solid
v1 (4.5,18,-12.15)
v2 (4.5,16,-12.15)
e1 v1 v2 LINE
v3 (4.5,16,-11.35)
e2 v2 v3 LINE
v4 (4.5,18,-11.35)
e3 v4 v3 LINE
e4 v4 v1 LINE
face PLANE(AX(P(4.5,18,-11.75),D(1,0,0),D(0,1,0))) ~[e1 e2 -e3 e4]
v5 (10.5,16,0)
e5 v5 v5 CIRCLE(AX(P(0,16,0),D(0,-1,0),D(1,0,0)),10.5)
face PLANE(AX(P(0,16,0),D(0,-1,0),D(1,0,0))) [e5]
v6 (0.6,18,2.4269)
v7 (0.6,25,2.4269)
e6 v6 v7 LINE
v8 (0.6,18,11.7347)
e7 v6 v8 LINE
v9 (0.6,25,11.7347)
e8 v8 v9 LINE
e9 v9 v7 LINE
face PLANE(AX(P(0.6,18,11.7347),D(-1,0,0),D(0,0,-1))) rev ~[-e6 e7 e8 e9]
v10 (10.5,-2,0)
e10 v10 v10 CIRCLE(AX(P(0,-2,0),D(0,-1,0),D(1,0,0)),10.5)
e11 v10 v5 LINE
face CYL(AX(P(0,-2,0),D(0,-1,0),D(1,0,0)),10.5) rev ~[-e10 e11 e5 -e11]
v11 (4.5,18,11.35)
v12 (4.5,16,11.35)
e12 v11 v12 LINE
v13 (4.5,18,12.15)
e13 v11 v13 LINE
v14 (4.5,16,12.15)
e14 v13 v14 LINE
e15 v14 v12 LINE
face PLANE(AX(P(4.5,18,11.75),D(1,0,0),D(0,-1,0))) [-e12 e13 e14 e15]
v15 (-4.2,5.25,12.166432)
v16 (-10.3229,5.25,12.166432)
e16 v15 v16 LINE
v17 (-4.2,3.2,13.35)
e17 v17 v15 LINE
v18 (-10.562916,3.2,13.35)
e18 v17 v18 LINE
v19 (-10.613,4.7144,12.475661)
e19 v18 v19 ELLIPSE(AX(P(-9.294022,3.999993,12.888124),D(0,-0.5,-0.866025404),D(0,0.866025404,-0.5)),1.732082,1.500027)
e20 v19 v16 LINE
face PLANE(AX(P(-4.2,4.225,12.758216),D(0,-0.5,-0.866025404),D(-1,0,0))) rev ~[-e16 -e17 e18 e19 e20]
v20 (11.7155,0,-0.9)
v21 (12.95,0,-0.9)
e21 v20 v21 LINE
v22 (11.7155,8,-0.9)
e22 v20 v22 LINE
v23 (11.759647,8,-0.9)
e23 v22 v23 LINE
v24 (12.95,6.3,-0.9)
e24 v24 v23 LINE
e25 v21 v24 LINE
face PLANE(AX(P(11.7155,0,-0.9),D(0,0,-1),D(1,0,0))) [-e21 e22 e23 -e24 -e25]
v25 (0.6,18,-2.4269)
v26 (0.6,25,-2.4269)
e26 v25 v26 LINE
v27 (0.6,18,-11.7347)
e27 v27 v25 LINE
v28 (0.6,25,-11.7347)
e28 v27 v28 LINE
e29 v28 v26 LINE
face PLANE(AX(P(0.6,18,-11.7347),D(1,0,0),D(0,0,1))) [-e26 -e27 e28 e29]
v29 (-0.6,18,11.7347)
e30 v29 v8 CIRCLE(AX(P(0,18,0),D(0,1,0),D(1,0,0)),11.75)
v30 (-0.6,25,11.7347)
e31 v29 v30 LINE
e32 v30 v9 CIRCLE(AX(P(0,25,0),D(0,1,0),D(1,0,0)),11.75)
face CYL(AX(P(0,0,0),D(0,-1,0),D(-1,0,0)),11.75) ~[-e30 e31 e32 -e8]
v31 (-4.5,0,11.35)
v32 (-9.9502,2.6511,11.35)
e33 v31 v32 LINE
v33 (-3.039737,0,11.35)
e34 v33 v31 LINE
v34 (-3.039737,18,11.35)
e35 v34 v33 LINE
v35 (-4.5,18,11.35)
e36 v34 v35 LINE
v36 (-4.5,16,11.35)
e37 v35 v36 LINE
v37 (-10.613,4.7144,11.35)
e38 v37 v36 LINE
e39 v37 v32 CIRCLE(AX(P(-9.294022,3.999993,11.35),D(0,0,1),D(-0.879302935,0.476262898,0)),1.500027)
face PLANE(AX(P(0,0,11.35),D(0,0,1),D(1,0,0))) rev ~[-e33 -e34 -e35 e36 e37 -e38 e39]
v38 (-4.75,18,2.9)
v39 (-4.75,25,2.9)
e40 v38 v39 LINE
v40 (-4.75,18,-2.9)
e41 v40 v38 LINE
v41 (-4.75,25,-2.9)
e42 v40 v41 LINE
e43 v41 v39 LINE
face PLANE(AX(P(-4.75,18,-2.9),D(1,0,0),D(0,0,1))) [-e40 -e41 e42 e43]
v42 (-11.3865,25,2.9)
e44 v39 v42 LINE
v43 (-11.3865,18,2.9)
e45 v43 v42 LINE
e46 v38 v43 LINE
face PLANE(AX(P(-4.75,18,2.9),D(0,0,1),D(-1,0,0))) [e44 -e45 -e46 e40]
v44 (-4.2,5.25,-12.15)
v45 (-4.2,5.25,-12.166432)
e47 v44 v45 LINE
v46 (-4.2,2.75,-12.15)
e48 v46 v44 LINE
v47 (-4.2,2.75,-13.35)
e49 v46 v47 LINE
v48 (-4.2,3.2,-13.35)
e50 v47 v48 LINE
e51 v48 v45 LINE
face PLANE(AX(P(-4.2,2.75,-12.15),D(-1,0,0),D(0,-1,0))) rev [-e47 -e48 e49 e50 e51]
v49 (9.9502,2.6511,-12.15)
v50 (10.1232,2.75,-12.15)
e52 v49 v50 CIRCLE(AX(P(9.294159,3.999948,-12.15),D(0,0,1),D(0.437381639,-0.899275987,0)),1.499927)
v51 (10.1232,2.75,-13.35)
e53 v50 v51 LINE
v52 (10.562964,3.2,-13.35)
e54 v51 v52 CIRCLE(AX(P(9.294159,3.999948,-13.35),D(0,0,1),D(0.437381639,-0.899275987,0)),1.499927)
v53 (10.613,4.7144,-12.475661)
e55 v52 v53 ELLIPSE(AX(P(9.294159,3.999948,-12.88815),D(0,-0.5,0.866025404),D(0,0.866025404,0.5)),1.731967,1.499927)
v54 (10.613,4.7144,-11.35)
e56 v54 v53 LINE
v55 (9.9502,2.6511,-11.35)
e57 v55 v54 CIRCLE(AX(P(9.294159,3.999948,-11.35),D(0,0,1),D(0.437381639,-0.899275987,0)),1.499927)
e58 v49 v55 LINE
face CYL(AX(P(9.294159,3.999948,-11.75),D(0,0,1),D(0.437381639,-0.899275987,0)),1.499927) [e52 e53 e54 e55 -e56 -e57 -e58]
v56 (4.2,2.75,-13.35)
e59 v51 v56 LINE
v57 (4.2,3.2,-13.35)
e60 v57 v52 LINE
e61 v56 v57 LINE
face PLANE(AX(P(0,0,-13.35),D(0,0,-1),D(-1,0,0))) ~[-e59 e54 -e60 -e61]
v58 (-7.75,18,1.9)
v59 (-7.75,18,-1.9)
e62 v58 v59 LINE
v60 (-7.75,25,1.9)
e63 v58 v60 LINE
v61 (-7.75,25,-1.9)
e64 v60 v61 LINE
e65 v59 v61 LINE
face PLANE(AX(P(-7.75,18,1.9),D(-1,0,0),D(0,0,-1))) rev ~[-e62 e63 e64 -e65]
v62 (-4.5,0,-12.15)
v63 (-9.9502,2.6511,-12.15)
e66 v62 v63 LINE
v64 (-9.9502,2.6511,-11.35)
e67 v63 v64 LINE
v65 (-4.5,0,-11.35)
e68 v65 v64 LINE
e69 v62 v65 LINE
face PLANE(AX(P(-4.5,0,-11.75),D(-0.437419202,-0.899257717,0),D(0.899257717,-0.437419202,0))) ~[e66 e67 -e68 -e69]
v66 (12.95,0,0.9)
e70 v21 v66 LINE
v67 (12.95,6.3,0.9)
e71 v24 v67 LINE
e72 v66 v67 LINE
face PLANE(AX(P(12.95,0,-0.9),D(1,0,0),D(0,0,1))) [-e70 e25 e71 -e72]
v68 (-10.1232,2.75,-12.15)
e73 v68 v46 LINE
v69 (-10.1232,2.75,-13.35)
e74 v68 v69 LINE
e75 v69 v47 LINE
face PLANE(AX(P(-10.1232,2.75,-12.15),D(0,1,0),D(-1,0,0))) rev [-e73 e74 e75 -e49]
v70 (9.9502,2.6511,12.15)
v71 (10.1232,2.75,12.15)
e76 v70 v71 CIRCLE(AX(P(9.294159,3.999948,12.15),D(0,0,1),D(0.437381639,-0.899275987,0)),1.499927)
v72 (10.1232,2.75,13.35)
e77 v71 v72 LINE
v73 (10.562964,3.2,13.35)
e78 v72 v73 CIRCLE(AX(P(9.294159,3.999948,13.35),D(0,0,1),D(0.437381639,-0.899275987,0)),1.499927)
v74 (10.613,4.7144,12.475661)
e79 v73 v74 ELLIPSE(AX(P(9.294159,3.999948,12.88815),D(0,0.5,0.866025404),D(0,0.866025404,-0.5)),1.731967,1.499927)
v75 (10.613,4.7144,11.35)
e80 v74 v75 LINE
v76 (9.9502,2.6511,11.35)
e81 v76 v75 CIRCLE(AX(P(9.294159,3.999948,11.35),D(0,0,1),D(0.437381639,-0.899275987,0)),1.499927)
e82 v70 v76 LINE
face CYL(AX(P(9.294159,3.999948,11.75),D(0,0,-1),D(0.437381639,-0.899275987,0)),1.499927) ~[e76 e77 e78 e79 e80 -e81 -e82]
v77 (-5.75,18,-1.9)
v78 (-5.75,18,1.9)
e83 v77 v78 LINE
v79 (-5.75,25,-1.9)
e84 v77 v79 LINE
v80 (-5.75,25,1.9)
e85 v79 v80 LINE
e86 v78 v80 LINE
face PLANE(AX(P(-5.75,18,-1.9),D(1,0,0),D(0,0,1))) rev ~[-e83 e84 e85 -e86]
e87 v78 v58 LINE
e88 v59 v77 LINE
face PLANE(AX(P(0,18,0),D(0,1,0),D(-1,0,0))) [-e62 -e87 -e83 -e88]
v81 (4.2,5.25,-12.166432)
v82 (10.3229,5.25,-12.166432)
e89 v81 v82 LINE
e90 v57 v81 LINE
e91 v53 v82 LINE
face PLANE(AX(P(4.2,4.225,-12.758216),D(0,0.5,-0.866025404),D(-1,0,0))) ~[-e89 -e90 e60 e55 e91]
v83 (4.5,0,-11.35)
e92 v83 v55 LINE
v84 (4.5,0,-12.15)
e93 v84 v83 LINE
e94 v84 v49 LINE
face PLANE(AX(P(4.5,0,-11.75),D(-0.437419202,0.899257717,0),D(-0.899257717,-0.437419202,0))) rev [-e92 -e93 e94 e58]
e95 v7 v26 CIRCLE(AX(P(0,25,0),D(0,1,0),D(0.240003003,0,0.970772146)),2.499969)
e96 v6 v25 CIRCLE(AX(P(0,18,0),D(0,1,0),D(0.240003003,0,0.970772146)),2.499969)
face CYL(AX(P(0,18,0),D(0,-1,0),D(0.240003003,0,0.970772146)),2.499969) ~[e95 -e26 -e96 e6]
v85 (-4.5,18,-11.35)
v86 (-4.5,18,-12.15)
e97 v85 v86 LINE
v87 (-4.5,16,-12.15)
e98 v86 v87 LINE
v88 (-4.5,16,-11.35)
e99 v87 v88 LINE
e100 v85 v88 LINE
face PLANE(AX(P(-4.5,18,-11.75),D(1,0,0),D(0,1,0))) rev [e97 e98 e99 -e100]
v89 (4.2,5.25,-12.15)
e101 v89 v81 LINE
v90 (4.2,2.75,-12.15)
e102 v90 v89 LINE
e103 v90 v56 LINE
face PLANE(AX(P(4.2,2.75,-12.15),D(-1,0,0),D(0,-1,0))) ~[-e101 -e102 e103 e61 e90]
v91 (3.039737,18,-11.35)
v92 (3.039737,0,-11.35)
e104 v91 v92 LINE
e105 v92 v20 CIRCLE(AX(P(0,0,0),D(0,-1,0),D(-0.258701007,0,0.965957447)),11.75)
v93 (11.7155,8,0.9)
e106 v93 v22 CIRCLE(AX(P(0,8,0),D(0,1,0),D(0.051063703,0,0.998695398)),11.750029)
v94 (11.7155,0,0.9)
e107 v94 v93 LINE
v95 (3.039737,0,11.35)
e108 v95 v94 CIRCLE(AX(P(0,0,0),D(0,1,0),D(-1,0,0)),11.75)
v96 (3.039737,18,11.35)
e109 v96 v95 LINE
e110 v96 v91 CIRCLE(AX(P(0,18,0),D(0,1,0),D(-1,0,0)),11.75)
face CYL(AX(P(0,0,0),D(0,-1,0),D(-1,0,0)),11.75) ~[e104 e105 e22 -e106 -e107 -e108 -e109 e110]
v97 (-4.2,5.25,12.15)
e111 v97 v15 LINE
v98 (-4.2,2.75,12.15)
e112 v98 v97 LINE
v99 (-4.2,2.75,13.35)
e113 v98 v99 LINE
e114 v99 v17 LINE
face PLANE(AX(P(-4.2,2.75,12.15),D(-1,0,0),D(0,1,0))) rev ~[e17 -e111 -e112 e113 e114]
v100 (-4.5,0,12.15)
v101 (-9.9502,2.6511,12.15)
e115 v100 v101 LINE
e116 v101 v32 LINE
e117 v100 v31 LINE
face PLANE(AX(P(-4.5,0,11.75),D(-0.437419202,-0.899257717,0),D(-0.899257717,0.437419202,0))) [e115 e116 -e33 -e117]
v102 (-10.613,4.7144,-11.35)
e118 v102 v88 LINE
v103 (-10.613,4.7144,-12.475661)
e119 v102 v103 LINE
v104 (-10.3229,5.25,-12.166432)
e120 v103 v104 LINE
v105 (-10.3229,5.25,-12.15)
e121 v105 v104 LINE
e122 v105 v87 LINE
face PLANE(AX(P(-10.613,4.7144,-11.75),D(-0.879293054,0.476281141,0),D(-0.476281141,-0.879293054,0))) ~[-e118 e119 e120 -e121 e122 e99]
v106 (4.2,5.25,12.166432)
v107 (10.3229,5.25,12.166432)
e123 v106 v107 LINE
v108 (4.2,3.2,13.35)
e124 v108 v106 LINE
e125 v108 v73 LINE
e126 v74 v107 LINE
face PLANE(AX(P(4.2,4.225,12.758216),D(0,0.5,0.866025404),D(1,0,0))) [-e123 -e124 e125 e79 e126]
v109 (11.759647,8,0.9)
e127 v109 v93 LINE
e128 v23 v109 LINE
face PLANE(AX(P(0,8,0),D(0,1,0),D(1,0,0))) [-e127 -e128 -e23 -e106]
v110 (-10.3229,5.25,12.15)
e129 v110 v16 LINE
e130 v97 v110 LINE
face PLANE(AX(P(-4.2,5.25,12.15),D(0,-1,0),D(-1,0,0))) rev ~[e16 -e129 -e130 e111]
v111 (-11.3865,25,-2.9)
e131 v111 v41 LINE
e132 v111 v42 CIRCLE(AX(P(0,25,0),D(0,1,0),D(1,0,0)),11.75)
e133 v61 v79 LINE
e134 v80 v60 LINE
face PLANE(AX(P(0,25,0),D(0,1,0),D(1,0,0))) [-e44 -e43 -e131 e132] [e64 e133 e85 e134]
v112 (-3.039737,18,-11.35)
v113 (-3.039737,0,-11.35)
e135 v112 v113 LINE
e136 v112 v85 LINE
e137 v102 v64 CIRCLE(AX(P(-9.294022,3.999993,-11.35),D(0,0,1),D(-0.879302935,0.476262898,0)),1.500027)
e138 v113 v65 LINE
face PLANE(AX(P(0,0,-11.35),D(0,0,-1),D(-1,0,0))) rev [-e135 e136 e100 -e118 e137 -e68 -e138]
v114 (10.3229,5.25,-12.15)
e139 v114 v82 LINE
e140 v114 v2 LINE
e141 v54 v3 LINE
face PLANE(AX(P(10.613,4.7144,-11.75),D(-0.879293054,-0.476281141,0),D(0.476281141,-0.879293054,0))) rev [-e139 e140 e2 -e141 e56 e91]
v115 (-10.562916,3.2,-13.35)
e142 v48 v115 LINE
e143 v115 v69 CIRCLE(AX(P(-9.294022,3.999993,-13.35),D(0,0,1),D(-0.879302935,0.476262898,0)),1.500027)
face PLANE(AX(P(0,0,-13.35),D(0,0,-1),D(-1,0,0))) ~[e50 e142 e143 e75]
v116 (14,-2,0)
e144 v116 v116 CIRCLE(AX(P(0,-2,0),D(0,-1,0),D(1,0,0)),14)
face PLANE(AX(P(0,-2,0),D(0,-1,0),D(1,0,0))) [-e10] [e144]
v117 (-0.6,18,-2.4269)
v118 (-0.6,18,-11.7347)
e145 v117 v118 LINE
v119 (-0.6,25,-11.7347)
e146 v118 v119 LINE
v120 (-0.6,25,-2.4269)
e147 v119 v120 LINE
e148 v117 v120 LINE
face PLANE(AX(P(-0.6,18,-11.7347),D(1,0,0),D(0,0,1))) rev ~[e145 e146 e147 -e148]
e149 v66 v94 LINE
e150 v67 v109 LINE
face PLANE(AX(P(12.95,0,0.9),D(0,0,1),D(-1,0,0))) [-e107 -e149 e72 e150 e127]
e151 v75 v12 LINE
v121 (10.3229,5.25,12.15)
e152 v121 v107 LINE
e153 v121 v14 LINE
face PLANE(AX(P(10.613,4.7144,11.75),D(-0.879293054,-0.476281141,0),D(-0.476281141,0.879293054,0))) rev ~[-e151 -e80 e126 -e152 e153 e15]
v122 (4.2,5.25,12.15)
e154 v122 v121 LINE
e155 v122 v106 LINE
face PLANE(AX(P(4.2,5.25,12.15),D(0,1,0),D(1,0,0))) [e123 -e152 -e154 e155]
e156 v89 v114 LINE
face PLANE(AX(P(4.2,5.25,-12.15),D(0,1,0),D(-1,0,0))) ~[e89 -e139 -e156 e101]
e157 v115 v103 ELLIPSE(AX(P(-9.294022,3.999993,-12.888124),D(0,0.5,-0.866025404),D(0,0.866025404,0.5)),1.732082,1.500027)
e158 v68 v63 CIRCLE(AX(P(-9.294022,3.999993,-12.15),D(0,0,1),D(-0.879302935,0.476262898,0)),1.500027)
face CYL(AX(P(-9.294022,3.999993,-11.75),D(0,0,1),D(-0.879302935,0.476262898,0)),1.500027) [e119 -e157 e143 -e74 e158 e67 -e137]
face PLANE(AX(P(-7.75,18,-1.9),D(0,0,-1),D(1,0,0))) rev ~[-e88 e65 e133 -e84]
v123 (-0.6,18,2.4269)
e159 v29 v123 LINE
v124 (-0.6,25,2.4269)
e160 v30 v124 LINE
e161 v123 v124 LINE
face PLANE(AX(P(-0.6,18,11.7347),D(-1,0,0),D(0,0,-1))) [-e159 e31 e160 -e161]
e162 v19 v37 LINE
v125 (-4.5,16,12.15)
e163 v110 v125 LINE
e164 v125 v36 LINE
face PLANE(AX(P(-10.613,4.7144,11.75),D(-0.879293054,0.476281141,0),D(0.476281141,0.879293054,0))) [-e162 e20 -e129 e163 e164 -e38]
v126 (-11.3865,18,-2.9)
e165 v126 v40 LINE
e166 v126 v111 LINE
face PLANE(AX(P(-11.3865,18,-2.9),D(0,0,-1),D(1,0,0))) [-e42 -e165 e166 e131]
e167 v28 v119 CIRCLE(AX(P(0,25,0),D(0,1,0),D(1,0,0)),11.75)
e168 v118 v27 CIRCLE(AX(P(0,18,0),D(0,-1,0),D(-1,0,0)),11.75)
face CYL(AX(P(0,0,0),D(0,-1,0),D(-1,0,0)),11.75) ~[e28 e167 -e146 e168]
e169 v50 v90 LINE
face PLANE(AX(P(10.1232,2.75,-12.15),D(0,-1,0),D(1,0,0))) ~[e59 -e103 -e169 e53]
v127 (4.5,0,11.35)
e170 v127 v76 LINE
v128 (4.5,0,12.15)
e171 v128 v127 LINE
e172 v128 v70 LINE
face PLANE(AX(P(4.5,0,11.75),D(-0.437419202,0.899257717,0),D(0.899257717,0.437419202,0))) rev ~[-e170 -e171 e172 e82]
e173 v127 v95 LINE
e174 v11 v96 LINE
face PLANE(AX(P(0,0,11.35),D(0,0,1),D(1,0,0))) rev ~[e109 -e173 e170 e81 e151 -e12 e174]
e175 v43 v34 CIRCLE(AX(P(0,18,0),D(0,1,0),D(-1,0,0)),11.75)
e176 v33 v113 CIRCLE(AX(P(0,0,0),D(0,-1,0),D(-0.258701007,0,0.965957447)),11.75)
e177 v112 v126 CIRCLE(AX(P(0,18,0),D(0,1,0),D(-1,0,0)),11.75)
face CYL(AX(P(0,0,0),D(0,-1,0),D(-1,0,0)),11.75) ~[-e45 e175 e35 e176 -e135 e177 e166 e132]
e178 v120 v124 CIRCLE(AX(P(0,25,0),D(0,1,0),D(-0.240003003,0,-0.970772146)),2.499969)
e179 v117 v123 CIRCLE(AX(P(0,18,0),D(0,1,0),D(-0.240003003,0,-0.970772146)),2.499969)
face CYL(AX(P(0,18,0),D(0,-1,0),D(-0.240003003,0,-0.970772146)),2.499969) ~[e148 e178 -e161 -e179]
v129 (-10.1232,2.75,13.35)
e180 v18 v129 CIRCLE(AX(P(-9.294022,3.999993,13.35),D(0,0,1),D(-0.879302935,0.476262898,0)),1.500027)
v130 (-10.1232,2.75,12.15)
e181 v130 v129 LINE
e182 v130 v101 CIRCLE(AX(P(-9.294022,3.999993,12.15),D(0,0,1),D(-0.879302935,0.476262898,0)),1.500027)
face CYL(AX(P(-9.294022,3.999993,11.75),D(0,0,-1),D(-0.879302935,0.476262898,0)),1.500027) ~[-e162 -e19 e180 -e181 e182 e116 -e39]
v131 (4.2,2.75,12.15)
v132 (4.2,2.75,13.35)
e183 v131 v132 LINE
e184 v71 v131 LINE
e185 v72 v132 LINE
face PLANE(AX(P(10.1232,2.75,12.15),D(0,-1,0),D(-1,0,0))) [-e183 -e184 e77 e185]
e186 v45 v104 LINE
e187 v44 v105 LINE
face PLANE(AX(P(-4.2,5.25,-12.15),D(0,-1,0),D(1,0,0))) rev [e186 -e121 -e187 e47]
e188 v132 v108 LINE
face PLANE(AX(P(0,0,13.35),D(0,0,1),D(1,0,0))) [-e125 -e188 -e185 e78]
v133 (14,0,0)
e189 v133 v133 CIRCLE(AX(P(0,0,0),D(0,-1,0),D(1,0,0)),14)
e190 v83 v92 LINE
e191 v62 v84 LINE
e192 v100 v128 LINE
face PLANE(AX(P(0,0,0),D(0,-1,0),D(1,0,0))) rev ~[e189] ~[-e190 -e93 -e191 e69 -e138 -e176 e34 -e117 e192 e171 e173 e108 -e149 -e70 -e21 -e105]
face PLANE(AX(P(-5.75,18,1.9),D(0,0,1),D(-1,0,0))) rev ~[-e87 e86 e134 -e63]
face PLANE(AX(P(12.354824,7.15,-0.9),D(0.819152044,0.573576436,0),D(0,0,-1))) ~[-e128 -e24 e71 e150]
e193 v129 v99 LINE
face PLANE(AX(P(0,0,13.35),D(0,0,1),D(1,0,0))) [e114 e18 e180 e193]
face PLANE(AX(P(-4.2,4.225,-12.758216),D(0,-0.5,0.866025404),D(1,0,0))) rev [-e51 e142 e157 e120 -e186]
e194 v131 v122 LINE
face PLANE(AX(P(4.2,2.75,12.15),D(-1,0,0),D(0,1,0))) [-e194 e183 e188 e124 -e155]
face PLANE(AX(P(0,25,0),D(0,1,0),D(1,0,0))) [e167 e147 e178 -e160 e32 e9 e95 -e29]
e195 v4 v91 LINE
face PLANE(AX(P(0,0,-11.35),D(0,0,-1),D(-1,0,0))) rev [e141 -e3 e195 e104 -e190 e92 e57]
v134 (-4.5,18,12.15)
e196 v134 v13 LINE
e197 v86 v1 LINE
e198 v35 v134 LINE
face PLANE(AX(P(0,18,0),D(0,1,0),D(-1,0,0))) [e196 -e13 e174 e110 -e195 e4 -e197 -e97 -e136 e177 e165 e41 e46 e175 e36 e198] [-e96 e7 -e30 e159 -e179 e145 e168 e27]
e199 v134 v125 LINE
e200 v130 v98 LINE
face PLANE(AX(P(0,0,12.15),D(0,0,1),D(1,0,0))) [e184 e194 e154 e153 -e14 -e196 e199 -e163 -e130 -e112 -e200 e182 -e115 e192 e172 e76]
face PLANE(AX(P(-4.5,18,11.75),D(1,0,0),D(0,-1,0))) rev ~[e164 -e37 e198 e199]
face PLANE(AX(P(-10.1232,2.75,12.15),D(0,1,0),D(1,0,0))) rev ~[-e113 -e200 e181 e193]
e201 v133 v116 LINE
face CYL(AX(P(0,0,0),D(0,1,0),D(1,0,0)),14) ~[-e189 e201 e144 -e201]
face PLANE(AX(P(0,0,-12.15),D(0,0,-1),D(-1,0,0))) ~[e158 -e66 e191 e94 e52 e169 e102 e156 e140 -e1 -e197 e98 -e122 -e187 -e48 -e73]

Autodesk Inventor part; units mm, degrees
ref_plane "YZ Plane" through (0, 0, 0) normal (1, 0, 0) x (0, 1, 0)
ref_plane "XZ Plane" through (0, 0, 0) normal (0, 1, 0) x (-1, 0, 0)
sketch "Эскиз1" plane through (0, 0, 0) normal (0, 1, 0) x (-1, 0, 0)
  circle A0 centre (0, 0) radius 11.75
  dimension "d0" = 23.5
extrude "Выдавливание1" add sketch "Эскиз1" along normal blind 18
sketch "Эскиз2" plane through (0, 0, 0) normal (0, -1, 0) x (1, 0, 0)
  circle A0 centre (0, 0) radius 14
  dimension "d3" = 28
extrude "Выдавливание2" add sketch "Эскиз2" along normal blind 2
sketch "Эскиз3" plane through (0, 18, 0) normal (0, 1, 0) x (1, 0, 0)
  line L0 (0, 11.75) -> (0, -11.75) construction
  line L1 (-0.6, 11.7347) -> (-0.6, 2.4269)
  line L2 (0.6, 11.7347) -> (0.6, 2.4269)
  line L3 (-11.75, 0) -> (11.75, 0) construction
  line L4 (-0.6, -11.7347) -> (-0.6, -2.4269)
  line L5 (0.6, -11.7347) -> (0.6, -2.4269)
  arc A0 (-0.6, 2.4269) -> (-0.6, -2.4269) centre (0, 0) ccw
  arc A1 (0.6, -2.4269) -> (0.6, 2.4269) centre (0, 0) ccw
  circle A2 centre (0, 0) radius 11.75 projected
  line L6 (-11.3865, 2.9) -> (-4.75, 2.9)
  line L7 (-4.75, 2.9) -> (-4.75, -2.9)
  line L8 (-4.75, -2.9) -> (-11.3865, -2.9)
  line L9 (-7.75, 1.9) -> (-5.75, 1.9)
  line L10 (-5.75, 1.9) -> (-5.75, -1.9)
  line L11 (-5.75, -1.9) -> (-7.75, -1.9)
  line L12 (-7.75, -1.9) -> (-7.75, 1.9)
  dimension "d7" = 1.2
  dimension "d8" = 2.5
  dimension "d12" = 5.8
  dimension "d13" = 7
  dimension "d14" = 1
  dimension "d15" = 1
  dimension "d16" = 1
  dimension "d17" = 2
extrude "Выдавливание3" add sketch "Эскиз3" along normal blind 7 contours A2 L2 A1 L5 L4 A0 L1 | L6 L7 L8 A2
sketch "Эскиз4" plane through (0, -2, 0) normal (0, -1, 0) x (1, 0, 0)
  circle A0 centre (0, 0) radius 10.5
  dimension "d18" = 21
extrude "Выдавливание4" cut sketch "Эскиз4" against normal blind 18
sketch "Эскиз5" plane through (0, 0, 0) normal (0, 1, 0) x (1, 0, 0)
  arc A0 (0.6, -11.7347) -> (0.6, 11.7347) centre (0, 0) ccw projected
  line L0 (11.7155, 0.9) -> (12.95, 0.9)
  line L1 (12.95, 0.9) -> (12.95, -0.9)
  line L2 (12.95, -0.9) -> (11.7155, -0.9)
  line L3 (0, 0) -> (19.973, 0) construction
  point P0 (11.75, 0)
  point P1 (11.75, 0)
  dimension "d21" = 1.8
  dimension "d22" = 1.2
extrude "Выдавливание5" add sketch "Эскиз5" along normal blind 8
chamfer "Фаска1" distance 1.7 angle 35 1 edges at (12.95, 8, 0) measured on face at (12.95, 2.6667, -0.3)
ref_plane "РабПлоскость1" through (0, 0, 11.75) normal (0, 0, 1) x (1, 0, 0)
sketch "Эскиз7" plane through (0, 0, 11.75) normal (0, 0, 1) x (1, 0, 0)
  line L0 (11.75, 18) -> (0.6, 18) projected
  line L1 (-0.6, 18) -> (-11.3865, 18) projected
  line L2 (0, 18) -> (4.5, 18)
  line L3 (4.5, 18) -> (4.5, 16)
  line L4 (4.5, 0) -> (0, 0)
  line L5 (14, 0) -> (-14, 0) projected
  line L6 (0.6, 18) -> (-0.6, 18) construction
  line L7 (0, 18) -> (0, 0) construction
  line L8 (4.5, 0) -> (9.9502, 2.6511)
  line L9 (10.613, 4.7144) -> (4.5, 16)
  arc A0 (9.9502, 2.6511) -> (10.613, 4.7144) centre (9.2941, 4) ccw
  line L10 (0, 18) -> (-4.5, 18)
  line L11 (-4.5, 18) -> (-4.5, 16)
  line L12 (-4.5, 0) -> (0, 0)
  line L13 (-4.5, 0) -> (-9.9502, 2.6511)
  line L14 (-10.613, 4.7144) -> (-4.5, 16)
  arc A1 (-10.613, 4.7144) -> (-9.9502, 2.6511) centre (-9.2941, 4) ccw
  point P0 (11, 4)
  dimension "d30" = 9
  dimension "d31" = 4
  dimension "d32" = 22
  dimension "d33" = 1.5
  dimension "d34" = 2
  dimension "d35" = 154.061
extrude "Выдавливание6" add sketch "Эскиз7" along normal mid plane 0.8
mirror "Зеркальное отражение1" about plane through (0, 0, 0) normal (0, 0, 1) of "Выдавливание6"
sketch "Эскиз9" plane through (0, 0, 12.15) normal (0, 0, 1) x (1, 0, 0)
  line L0 (4.5, 0) -> (-4.5, 0) projected
  line L1 (4.5, 0) -> (9.9502, 2.6511) projected
  arc A0 (9.9502, 2.6511) -> (10.613, 4.7144) centre (9.2941, 4) ccw projected
  line L2 (10.613, 4.7144) -> (4.5, 16) projected
  line L3 (4.5, 16) -> (4.5, 18) projected
  line L4 (4.5, 18) -> (-4.5, 18) projected
  line L5 (-4.5, 18) -> (-4.5, 16) projected
  line L6 (-4.5, 16) -> (-10.613, 4.7144) projected
  arc A1 (-10.613, 4.7144) -> (-9.9502, 2.6511) centre (-9.2941, 4) ccw projected
  line L7 (-9.9502, 2.6511) -> (-4.5, 0) projected
  line L8 (4.2, 5.25) -> (10.3229, 5.25)
  line L9 (10.1232, 2.75) -> (4.2, 2.75)
  line L10 (4.2, 2.75) -> (4.2, 5.25)
  line L11 (0, 18) -> (0, 0) construction
  line L12 (9.2941, 4) -> (-9.2941, 4) construction
  arc A2 (-10.613, 4.7144) -> (-9.9502, 2.6511) centre (-9.2941, 4) ccw
  line L13 (-4.2, 5.25) -> (-10.3229, 5.25)
  line L14 (-10.1232, 2.75) -> (-4.2, 2.75)
  line L15 (-4.2, 2.75) -> (-4.2, 5.25)
  dimension "d40" = 4.2
  dimension "d43" = 2.5
extrude "Выдавливание8" add sketch "Эскиз9" along normal blind 1.2 contours L9 L10 L8 L2 A0 | A1 L6 L13 L15 L14
chamfer "Фаска2" distance 2.05 angle 30 1 edges at (7.2615, 5.25, 13.35) measured on face at (8.2154, 4.4167, 13.35)
chamfer "Фаска3" distance 2.05 angle 30 1 edges at (-7.2615, 5.25, 13.35) measured on face at (-8.2154, 4.4167, 13.35)
mirror "Зеркальное отражение2" about plane through (0, 0, 0) normal (0, 0, 1) of "Выдавливание8", "Фаска2", "Фаска3"
equation "\"d15\" = d14"
equation "\"d16\" = d14"
properties material "Пластмасса, непрозрачная, черная"
